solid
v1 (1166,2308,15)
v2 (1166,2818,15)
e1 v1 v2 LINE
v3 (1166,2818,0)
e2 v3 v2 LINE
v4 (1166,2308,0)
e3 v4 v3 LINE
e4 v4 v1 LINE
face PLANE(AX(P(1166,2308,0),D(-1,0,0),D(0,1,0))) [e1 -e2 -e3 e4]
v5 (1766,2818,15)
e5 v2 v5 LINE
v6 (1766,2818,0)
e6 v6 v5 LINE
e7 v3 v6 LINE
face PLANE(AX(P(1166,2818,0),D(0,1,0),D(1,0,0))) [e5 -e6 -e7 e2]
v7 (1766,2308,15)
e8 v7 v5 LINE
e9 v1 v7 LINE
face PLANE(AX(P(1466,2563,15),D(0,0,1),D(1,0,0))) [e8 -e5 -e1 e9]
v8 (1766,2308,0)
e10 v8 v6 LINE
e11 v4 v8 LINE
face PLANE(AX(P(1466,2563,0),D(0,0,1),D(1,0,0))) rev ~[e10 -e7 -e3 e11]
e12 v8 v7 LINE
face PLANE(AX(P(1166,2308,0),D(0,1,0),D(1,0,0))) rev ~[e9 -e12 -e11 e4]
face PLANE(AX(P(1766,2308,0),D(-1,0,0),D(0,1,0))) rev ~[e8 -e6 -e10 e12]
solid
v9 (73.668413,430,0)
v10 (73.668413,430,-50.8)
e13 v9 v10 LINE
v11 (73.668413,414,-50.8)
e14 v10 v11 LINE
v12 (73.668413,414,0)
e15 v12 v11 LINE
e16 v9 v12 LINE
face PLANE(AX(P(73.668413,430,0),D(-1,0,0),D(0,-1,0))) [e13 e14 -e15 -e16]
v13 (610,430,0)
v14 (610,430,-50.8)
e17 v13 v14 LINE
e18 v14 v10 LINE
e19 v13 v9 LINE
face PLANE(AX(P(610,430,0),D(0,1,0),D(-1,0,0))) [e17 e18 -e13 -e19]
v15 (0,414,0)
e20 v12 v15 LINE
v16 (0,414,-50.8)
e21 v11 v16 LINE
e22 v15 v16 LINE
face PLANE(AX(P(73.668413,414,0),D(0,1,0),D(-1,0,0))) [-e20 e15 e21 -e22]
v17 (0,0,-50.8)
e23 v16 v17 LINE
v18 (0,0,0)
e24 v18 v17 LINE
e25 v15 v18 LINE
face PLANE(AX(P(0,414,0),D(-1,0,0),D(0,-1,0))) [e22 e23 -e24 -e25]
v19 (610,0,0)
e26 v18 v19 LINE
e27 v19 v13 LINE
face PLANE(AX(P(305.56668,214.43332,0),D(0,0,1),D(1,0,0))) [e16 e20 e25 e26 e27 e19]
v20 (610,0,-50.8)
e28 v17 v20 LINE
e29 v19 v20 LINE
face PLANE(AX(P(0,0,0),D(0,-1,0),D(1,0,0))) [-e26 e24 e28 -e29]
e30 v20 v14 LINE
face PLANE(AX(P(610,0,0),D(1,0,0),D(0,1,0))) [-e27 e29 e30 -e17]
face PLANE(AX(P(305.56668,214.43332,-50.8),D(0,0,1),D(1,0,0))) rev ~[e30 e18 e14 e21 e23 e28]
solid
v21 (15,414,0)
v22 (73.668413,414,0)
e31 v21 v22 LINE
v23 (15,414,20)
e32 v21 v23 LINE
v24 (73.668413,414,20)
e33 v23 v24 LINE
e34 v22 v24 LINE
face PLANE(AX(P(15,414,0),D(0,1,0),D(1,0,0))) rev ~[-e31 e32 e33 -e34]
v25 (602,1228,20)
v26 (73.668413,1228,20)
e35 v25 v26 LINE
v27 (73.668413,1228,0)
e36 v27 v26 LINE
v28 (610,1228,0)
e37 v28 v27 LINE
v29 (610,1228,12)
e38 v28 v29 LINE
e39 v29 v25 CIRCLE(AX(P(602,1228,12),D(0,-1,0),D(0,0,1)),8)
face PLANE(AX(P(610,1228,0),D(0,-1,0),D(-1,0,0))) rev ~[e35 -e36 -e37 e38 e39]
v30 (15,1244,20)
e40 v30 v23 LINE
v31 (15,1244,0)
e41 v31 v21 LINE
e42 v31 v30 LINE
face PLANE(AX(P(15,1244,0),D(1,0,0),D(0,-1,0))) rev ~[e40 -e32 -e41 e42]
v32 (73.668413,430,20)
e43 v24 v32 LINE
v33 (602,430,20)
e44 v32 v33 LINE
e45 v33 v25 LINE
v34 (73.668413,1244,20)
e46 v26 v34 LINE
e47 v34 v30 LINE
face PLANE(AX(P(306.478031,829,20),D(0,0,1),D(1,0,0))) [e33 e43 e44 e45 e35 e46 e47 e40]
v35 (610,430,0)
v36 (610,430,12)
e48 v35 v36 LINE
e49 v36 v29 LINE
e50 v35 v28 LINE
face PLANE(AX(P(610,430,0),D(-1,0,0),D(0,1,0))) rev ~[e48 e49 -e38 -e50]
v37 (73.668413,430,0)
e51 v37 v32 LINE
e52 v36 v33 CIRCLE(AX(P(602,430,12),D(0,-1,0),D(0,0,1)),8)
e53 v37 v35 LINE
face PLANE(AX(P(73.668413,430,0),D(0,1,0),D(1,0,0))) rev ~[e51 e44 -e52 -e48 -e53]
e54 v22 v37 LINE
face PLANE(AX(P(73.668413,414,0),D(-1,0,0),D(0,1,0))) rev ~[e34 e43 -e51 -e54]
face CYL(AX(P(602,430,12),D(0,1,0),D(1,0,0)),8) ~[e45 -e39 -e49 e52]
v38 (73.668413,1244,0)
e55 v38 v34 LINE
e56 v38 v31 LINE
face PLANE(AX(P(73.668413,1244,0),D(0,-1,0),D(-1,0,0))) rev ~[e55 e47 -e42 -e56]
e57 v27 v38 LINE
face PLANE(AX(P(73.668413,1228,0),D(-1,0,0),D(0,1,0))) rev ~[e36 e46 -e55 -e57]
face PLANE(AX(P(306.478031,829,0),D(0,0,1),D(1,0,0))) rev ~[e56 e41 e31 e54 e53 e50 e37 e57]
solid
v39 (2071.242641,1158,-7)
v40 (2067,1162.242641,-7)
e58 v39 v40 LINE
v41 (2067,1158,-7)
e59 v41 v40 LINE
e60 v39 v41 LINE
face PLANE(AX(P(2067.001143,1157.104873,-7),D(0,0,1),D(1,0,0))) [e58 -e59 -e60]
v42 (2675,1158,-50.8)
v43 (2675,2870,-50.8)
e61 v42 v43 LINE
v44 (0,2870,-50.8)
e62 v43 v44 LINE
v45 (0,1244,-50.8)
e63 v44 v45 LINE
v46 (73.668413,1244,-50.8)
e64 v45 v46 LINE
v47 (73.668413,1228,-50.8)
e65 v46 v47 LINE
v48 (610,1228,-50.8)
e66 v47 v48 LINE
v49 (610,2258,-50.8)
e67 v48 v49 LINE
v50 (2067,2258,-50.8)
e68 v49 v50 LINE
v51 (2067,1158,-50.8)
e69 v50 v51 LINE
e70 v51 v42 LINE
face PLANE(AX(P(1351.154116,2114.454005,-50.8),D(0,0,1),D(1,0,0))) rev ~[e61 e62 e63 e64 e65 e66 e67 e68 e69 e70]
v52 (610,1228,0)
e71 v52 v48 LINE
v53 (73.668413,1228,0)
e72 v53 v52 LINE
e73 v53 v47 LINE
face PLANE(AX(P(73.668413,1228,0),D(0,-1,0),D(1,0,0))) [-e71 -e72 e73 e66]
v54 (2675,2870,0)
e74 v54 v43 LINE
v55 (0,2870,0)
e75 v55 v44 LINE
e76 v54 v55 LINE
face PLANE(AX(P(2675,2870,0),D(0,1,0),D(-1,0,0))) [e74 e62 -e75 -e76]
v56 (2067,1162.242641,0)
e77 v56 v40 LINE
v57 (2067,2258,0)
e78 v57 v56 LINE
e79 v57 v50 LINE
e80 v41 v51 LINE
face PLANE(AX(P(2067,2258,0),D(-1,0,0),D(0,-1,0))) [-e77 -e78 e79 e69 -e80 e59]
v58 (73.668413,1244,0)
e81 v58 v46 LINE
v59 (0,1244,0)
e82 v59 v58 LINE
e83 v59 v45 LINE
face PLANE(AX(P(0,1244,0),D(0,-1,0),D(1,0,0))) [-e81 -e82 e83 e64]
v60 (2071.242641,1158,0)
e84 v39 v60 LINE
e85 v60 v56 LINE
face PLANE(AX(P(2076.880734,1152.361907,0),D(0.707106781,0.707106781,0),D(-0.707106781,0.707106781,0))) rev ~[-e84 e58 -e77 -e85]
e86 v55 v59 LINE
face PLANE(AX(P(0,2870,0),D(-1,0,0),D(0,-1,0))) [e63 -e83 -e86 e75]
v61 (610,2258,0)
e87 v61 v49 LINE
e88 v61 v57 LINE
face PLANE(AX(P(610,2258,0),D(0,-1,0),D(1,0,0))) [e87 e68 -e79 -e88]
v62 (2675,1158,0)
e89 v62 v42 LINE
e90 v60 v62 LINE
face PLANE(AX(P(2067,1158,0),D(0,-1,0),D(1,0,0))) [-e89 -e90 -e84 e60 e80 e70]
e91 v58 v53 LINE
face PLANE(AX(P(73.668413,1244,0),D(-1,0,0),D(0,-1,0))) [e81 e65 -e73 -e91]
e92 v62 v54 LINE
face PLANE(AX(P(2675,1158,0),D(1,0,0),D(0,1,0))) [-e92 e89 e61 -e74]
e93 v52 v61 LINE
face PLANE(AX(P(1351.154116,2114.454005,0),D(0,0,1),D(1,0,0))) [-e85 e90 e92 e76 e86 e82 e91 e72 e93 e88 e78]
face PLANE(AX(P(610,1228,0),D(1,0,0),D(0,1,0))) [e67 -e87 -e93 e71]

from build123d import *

# Parameters (mm, degrees)
F1_DEPTH = 50.8
F2_W     = 600
F2_H     = 510
F3_DEPTH = 15
F5_DEPTH = 20
F6_R     = 8
F8_DEPTH = 7


with BuildPart() as f1:
    # F0 (on Top) → F1 (new body)
    with BuildSketch(Plane.XY):
        Polygon((610, 1228), (610, 2258), (2067, 2258), (2067, 1158), (2675, 1158), (2675, 2870), (0, 2870), (0, 1244), (73.668413, 1244), (73.668413, 1228), align=None)
        Polygon((0, 414), (0, 0), (610, 0), (610, 430), (73.668413, 430), (73.668413, 414), align=None)
    extrude(amount=-F1_DEPTH)

    # F7 (on face) → F8 (cut)
    with BuildSketch(Plane.XY):
        Polygon((2076.880734, 1152.361907), (2062.746637, 1166.496004), (2060.033986, 1152.361907), align=None)
    extrude(amount=-F8_DEPTH, mode=Mode.SUBTRACT)


with BuildPart() as f3:
    # F2 (on face) → F3 (new body)
    with BuildSketch(Plane.XY):
        with Locations((1466, 2563)):
            Rectangle(F2_W, F2_H)
    extrude(amount=F3_DEPTH)


with BuildPart() as f5:
    # F4 (on face) → F5 (new body)
    with BuildSketch(Plane.XY):
        Polygon((610, 430), (610, 1228), (73.668413, 1228), (73.668413, 1244), (15, 1244), (15, 414), (73.668413, 414), (73.668413, 430), align=None)
    extrude(amount=F5_DEPTH)

    # F6
    f6_edges = [f5.edges().sort_by_distance(p)[0] for p in [
        (610, 829, 20),
    ]]
    fillet(f6_edges, radius=F6_R)


solid = Compound([f1.part, f3.part, f5.part])
